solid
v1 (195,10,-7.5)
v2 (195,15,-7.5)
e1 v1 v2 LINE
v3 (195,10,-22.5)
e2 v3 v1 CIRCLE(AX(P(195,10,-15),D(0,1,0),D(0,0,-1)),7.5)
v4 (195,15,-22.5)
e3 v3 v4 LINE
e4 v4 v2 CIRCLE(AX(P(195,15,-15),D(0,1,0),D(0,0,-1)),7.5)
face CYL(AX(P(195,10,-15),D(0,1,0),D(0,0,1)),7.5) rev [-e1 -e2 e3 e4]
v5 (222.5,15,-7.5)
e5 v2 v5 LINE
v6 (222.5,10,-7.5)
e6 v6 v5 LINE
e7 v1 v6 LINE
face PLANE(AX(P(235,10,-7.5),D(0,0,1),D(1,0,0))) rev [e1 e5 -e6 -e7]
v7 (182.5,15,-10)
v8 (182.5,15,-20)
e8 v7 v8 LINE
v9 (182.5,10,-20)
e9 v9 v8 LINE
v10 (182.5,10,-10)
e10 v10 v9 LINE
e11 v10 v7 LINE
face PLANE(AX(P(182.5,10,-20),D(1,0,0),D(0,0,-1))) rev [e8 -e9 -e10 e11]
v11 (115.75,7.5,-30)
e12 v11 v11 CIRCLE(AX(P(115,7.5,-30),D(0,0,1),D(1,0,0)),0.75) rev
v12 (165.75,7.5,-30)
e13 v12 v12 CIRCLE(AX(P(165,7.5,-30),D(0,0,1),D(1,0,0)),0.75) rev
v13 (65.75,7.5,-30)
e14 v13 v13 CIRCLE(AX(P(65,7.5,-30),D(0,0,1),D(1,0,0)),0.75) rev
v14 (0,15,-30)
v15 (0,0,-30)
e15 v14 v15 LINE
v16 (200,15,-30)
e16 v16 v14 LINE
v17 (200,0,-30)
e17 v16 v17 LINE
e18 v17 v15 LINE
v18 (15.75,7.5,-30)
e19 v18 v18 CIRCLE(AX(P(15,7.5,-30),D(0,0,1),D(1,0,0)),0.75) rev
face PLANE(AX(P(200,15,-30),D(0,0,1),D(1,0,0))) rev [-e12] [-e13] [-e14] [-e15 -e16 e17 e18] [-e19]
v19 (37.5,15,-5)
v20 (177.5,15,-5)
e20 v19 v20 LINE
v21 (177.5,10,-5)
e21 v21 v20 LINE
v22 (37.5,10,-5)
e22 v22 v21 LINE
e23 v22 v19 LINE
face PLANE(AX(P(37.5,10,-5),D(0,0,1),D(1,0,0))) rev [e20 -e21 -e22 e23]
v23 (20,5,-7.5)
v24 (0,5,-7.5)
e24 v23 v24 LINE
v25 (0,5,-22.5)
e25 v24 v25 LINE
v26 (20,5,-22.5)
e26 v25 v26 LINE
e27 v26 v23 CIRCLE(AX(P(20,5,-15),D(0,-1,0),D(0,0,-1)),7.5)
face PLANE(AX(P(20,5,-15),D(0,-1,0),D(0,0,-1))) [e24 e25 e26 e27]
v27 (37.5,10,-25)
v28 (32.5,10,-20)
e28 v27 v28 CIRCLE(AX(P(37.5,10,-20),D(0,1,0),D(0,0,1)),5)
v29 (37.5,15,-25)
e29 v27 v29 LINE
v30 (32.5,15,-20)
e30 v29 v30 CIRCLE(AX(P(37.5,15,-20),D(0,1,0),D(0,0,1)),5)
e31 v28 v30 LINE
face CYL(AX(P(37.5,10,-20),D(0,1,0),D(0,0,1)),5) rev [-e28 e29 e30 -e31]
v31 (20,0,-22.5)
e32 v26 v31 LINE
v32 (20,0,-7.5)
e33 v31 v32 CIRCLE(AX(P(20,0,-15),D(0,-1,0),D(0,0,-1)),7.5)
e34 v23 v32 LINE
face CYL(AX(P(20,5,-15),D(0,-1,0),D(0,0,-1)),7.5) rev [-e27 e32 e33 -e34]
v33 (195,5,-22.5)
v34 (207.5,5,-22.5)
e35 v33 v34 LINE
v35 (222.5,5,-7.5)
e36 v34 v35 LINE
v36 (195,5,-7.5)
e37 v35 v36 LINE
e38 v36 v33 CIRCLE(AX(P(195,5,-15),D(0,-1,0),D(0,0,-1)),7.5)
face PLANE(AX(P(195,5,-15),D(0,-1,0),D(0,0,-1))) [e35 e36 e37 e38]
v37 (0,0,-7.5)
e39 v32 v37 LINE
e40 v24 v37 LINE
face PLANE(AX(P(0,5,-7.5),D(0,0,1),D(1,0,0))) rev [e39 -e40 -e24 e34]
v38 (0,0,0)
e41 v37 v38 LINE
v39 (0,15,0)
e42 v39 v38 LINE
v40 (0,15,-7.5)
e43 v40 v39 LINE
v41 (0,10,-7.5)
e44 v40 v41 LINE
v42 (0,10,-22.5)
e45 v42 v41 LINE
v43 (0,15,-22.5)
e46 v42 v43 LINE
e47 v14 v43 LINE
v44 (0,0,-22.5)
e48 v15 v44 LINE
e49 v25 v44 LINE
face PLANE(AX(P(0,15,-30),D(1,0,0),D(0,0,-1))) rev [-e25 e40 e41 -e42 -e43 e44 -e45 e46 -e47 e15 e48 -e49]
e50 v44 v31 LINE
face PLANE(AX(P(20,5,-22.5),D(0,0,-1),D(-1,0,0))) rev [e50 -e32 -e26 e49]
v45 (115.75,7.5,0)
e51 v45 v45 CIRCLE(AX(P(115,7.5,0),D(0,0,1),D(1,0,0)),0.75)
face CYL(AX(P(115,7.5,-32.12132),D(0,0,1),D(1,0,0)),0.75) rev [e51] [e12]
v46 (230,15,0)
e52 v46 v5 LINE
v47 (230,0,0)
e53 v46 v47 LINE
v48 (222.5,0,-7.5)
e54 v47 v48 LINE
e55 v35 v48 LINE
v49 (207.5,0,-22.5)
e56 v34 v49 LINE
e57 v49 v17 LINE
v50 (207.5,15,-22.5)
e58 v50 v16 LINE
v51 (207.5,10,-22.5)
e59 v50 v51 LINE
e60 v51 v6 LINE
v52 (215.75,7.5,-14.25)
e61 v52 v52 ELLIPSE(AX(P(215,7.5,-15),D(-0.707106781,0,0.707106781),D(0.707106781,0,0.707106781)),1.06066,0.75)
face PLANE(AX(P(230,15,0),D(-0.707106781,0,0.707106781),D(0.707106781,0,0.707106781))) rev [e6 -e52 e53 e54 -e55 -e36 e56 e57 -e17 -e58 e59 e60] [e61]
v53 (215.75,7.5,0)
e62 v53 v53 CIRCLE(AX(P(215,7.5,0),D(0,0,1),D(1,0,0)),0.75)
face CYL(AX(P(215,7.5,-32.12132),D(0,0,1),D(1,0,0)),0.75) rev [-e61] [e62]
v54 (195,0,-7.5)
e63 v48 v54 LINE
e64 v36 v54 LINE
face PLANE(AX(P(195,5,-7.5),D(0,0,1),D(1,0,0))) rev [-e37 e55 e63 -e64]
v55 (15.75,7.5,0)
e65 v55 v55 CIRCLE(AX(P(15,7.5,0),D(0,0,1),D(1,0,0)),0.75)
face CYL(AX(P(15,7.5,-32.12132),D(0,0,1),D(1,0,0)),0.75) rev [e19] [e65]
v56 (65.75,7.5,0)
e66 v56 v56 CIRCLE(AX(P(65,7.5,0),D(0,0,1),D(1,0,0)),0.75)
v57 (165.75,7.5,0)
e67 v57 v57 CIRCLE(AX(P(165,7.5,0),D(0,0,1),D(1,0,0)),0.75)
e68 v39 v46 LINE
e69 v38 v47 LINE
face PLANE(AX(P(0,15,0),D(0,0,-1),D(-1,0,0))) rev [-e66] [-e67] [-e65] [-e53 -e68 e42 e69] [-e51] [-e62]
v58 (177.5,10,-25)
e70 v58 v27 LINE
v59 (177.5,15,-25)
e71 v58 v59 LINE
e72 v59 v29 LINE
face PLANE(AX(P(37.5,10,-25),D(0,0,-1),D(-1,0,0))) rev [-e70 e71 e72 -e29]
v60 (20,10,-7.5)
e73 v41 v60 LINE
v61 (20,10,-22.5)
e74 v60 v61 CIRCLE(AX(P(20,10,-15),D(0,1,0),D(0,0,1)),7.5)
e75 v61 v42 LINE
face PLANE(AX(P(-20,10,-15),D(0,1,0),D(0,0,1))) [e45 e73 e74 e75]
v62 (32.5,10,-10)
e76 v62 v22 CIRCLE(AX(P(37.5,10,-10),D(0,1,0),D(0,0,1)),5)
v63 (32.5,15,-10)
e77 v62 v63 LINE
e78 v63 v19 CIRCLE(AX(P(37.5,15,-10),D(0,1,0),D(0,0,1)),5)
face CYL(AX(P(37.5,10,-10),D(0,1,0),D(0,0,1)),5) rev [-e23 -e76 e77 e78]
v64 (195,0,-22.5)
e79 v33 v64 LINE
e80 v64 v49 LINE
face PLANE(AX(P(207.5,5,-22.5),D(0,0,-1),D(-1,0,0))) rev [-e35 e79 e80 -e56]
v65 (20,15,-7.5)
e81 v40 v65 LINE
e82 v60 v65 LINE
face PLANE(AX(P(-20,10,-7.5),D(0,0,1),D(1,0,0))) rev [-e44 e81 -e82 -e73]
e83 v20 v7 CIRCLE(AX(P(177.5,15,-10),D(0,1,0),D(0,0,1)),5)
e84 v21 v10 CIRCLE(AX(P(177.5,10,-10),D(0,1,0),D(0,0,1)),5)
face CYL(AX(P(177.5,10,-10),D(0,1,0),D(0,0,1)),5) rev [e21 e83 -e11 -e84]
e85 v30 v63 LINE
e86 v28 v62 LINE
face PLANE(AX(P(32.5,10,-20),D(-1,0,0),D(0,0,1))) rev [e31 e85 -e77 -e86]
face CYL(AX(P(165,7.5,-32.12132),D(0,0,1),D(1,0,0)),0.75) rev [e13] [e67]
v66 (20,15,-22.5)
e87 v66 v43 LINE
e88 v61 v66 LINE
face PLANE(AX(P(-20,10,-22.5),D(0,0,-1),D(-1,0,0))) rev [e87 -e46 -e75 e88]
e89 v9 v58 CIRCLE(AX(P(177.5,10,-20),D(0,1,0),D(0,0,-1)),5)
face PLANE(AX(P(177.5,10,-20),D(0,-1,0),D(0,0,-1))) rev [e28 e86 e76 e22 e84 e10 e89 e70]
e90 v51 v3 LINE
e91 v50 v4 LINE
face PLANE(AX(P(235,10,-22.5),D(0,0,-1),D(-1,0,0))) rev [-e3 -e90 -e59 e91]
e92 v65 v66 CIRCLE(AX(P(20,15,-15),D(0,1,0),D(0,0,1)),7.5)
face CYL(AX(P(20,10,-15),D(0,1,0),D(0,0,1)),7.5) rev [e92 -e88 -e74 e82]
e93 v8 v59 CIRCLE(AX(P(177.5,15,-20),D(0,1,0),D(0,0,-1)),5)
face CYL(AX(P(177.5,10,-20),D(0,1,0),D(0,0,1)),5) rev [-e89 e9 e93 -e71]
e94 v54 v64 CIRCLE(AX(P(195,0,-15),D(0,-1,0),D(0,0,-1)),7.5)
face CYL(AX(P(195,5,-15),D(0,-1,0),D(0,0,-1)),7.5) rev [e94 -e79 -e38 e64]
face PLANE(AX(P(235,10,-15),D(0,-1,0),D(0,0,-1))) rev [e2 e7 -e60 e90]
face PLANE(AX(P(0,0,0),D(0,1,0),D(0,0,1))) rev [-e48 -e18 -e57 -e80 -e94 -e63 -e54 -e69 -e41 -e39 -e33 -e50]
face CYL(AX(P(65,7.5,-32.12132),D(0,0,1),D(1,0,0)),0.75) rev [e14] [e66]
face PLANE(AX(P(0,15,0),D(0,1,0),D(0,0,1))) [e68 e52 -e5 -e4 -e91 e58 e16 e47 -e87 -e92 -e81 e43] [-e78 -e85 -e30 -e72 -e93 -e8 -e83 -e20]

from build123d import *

# Parameters (mm, degrees)
BOSS_EXTRUDE1_DEPTH = 15
CUT_EXTRUDE1_DEPTH  = 5
CUT_EXTRUDE2_DEPTH  = 5
SKETCH4_R           = 0.75
CUT_EXTRUDE3_DEPTH  = 30
CUT_EXTRUDE4_DEPTH  = 5


with BuildPart() as part:
    # Sketch1 → Boss-Extrude1 (new body)
    with BuildSketch(Plane(origin=(0, 0, 0), x_dir=(1, 0, 0), z_dir=(0, 1, 0))):
        Polygon((0, 0), (230, 0), (200, 30), (0, 30), align=None)
    extrude(amount=BOSS_EXTRUDE1_DEPTH)

    # Sketch2 → Cut-Extrude1 (cut)
    with BuildSketch(Plane(origin=(0, 15, 0), x_dir=(1, 0, 0), z_dir=(0, 1, 0))):
        with BuildLine():
            Line((-20, 22.5), (20, 22.5))
            ThreePointArc((20, 22.5), (27.5, 15), (20, 7.5))
            Line((20, 7.5), (-20, 7.5))
            ThreePointArc((-20, 7.5), (-27.5, 15), (-20, 22.5))
        make_face()
        with BuildLine():
            Line((235, 22.5), (195, 22.5))
            ThreePointArc((195, 22.5), (187.5, 15), (195, 7.5))
            Line((195, 7.5), (235, 7.5))
            ThreePointArc((235, 7.5), (242.5, 15), (235, 22.5))
        make_face()
    extrude(amount=-CUT_EXTRUDE1_DEPTH, mode=Mode.SUBTRACT)

    # Sketch3 → Cut-Extrude2 (cut)
    with BuildSketch(Plane.XZ):
        with BuildLine():
            Line((195, -7.5), (222.5, -7.5))
            Line((222.5, -7.5), (207.5, -22.5))
            Line((207.5, -22.5), (195, -22.5))
            ThreePointArc((195, -22.5), (187.5, -15), (195, -7.5))
        make_face()
        with BuildLine():
            Line((0, -22.5), (0, -7.5))
            Line((0, -7.5), (20, -7.5))
            ThreePointArc((20, -7.5), (27.5, -15), (20, -22.5))
            Line((20, -22.5), (0, -22.5))
        make_face()
    extrude(amount=-CUT_EXTRUDE2_DEPTH, mode=Mode.SUBTRACT)

    # Sketch4 → Cut-Extrude3 (cut)
    with BuildSketch(Plane.XY):
        with Locations((115, 7.5)):
            Circle(SKETCH4_R)
        with Locations((165, 7.5)):
            Circle(SKETCH4_R)
        with Locations((215, 7.5)):
            Circle(SKETCH4_R)
        with Locations((65, 7.5)):
            Circle(SKETCH4_R)
        with Locations((15, 7.5)):
            Circle(SKETCH4_R)
    extrude(amount=-CUT_EXTRUDE3_DEPTH, mode=Mode.SUBTRACT)

    # Sketch5 → Cut-Extrude4 (cut)
    with BuildSketch(Plane(origin=(0, 15, 0), x_dir=(1, 0, 0), z_dir=(0, 1, 0))):
        with BuildLine():
            Line((37.5, 25), (177.5, 25))
            ThreePointArc((177.5, 25), (181.035533906, 23.535533906), (182.5, 20))
            Line((182.5, 20), (182.5, 10))
            ThreePointArc((182.5, 10), (181.035533906, 6.464466094), (177.5, 5))
            Line((177.5, 5), (37.5, 5))
            ThreePointArc((37.5, 5), (33.964466094, 6.464466094), (32.5, 10))
            Line((32.5, 10), (32.5, 20))
            ThreePointArc((32.5, 20), (33.964466094, 23.535533906), (37.5, 25))
        make_face()
    extrude(amount=-CUT_EXTRUDE4_DEPTH, mode=Mode.SUBTRACT)


solid = part.part
